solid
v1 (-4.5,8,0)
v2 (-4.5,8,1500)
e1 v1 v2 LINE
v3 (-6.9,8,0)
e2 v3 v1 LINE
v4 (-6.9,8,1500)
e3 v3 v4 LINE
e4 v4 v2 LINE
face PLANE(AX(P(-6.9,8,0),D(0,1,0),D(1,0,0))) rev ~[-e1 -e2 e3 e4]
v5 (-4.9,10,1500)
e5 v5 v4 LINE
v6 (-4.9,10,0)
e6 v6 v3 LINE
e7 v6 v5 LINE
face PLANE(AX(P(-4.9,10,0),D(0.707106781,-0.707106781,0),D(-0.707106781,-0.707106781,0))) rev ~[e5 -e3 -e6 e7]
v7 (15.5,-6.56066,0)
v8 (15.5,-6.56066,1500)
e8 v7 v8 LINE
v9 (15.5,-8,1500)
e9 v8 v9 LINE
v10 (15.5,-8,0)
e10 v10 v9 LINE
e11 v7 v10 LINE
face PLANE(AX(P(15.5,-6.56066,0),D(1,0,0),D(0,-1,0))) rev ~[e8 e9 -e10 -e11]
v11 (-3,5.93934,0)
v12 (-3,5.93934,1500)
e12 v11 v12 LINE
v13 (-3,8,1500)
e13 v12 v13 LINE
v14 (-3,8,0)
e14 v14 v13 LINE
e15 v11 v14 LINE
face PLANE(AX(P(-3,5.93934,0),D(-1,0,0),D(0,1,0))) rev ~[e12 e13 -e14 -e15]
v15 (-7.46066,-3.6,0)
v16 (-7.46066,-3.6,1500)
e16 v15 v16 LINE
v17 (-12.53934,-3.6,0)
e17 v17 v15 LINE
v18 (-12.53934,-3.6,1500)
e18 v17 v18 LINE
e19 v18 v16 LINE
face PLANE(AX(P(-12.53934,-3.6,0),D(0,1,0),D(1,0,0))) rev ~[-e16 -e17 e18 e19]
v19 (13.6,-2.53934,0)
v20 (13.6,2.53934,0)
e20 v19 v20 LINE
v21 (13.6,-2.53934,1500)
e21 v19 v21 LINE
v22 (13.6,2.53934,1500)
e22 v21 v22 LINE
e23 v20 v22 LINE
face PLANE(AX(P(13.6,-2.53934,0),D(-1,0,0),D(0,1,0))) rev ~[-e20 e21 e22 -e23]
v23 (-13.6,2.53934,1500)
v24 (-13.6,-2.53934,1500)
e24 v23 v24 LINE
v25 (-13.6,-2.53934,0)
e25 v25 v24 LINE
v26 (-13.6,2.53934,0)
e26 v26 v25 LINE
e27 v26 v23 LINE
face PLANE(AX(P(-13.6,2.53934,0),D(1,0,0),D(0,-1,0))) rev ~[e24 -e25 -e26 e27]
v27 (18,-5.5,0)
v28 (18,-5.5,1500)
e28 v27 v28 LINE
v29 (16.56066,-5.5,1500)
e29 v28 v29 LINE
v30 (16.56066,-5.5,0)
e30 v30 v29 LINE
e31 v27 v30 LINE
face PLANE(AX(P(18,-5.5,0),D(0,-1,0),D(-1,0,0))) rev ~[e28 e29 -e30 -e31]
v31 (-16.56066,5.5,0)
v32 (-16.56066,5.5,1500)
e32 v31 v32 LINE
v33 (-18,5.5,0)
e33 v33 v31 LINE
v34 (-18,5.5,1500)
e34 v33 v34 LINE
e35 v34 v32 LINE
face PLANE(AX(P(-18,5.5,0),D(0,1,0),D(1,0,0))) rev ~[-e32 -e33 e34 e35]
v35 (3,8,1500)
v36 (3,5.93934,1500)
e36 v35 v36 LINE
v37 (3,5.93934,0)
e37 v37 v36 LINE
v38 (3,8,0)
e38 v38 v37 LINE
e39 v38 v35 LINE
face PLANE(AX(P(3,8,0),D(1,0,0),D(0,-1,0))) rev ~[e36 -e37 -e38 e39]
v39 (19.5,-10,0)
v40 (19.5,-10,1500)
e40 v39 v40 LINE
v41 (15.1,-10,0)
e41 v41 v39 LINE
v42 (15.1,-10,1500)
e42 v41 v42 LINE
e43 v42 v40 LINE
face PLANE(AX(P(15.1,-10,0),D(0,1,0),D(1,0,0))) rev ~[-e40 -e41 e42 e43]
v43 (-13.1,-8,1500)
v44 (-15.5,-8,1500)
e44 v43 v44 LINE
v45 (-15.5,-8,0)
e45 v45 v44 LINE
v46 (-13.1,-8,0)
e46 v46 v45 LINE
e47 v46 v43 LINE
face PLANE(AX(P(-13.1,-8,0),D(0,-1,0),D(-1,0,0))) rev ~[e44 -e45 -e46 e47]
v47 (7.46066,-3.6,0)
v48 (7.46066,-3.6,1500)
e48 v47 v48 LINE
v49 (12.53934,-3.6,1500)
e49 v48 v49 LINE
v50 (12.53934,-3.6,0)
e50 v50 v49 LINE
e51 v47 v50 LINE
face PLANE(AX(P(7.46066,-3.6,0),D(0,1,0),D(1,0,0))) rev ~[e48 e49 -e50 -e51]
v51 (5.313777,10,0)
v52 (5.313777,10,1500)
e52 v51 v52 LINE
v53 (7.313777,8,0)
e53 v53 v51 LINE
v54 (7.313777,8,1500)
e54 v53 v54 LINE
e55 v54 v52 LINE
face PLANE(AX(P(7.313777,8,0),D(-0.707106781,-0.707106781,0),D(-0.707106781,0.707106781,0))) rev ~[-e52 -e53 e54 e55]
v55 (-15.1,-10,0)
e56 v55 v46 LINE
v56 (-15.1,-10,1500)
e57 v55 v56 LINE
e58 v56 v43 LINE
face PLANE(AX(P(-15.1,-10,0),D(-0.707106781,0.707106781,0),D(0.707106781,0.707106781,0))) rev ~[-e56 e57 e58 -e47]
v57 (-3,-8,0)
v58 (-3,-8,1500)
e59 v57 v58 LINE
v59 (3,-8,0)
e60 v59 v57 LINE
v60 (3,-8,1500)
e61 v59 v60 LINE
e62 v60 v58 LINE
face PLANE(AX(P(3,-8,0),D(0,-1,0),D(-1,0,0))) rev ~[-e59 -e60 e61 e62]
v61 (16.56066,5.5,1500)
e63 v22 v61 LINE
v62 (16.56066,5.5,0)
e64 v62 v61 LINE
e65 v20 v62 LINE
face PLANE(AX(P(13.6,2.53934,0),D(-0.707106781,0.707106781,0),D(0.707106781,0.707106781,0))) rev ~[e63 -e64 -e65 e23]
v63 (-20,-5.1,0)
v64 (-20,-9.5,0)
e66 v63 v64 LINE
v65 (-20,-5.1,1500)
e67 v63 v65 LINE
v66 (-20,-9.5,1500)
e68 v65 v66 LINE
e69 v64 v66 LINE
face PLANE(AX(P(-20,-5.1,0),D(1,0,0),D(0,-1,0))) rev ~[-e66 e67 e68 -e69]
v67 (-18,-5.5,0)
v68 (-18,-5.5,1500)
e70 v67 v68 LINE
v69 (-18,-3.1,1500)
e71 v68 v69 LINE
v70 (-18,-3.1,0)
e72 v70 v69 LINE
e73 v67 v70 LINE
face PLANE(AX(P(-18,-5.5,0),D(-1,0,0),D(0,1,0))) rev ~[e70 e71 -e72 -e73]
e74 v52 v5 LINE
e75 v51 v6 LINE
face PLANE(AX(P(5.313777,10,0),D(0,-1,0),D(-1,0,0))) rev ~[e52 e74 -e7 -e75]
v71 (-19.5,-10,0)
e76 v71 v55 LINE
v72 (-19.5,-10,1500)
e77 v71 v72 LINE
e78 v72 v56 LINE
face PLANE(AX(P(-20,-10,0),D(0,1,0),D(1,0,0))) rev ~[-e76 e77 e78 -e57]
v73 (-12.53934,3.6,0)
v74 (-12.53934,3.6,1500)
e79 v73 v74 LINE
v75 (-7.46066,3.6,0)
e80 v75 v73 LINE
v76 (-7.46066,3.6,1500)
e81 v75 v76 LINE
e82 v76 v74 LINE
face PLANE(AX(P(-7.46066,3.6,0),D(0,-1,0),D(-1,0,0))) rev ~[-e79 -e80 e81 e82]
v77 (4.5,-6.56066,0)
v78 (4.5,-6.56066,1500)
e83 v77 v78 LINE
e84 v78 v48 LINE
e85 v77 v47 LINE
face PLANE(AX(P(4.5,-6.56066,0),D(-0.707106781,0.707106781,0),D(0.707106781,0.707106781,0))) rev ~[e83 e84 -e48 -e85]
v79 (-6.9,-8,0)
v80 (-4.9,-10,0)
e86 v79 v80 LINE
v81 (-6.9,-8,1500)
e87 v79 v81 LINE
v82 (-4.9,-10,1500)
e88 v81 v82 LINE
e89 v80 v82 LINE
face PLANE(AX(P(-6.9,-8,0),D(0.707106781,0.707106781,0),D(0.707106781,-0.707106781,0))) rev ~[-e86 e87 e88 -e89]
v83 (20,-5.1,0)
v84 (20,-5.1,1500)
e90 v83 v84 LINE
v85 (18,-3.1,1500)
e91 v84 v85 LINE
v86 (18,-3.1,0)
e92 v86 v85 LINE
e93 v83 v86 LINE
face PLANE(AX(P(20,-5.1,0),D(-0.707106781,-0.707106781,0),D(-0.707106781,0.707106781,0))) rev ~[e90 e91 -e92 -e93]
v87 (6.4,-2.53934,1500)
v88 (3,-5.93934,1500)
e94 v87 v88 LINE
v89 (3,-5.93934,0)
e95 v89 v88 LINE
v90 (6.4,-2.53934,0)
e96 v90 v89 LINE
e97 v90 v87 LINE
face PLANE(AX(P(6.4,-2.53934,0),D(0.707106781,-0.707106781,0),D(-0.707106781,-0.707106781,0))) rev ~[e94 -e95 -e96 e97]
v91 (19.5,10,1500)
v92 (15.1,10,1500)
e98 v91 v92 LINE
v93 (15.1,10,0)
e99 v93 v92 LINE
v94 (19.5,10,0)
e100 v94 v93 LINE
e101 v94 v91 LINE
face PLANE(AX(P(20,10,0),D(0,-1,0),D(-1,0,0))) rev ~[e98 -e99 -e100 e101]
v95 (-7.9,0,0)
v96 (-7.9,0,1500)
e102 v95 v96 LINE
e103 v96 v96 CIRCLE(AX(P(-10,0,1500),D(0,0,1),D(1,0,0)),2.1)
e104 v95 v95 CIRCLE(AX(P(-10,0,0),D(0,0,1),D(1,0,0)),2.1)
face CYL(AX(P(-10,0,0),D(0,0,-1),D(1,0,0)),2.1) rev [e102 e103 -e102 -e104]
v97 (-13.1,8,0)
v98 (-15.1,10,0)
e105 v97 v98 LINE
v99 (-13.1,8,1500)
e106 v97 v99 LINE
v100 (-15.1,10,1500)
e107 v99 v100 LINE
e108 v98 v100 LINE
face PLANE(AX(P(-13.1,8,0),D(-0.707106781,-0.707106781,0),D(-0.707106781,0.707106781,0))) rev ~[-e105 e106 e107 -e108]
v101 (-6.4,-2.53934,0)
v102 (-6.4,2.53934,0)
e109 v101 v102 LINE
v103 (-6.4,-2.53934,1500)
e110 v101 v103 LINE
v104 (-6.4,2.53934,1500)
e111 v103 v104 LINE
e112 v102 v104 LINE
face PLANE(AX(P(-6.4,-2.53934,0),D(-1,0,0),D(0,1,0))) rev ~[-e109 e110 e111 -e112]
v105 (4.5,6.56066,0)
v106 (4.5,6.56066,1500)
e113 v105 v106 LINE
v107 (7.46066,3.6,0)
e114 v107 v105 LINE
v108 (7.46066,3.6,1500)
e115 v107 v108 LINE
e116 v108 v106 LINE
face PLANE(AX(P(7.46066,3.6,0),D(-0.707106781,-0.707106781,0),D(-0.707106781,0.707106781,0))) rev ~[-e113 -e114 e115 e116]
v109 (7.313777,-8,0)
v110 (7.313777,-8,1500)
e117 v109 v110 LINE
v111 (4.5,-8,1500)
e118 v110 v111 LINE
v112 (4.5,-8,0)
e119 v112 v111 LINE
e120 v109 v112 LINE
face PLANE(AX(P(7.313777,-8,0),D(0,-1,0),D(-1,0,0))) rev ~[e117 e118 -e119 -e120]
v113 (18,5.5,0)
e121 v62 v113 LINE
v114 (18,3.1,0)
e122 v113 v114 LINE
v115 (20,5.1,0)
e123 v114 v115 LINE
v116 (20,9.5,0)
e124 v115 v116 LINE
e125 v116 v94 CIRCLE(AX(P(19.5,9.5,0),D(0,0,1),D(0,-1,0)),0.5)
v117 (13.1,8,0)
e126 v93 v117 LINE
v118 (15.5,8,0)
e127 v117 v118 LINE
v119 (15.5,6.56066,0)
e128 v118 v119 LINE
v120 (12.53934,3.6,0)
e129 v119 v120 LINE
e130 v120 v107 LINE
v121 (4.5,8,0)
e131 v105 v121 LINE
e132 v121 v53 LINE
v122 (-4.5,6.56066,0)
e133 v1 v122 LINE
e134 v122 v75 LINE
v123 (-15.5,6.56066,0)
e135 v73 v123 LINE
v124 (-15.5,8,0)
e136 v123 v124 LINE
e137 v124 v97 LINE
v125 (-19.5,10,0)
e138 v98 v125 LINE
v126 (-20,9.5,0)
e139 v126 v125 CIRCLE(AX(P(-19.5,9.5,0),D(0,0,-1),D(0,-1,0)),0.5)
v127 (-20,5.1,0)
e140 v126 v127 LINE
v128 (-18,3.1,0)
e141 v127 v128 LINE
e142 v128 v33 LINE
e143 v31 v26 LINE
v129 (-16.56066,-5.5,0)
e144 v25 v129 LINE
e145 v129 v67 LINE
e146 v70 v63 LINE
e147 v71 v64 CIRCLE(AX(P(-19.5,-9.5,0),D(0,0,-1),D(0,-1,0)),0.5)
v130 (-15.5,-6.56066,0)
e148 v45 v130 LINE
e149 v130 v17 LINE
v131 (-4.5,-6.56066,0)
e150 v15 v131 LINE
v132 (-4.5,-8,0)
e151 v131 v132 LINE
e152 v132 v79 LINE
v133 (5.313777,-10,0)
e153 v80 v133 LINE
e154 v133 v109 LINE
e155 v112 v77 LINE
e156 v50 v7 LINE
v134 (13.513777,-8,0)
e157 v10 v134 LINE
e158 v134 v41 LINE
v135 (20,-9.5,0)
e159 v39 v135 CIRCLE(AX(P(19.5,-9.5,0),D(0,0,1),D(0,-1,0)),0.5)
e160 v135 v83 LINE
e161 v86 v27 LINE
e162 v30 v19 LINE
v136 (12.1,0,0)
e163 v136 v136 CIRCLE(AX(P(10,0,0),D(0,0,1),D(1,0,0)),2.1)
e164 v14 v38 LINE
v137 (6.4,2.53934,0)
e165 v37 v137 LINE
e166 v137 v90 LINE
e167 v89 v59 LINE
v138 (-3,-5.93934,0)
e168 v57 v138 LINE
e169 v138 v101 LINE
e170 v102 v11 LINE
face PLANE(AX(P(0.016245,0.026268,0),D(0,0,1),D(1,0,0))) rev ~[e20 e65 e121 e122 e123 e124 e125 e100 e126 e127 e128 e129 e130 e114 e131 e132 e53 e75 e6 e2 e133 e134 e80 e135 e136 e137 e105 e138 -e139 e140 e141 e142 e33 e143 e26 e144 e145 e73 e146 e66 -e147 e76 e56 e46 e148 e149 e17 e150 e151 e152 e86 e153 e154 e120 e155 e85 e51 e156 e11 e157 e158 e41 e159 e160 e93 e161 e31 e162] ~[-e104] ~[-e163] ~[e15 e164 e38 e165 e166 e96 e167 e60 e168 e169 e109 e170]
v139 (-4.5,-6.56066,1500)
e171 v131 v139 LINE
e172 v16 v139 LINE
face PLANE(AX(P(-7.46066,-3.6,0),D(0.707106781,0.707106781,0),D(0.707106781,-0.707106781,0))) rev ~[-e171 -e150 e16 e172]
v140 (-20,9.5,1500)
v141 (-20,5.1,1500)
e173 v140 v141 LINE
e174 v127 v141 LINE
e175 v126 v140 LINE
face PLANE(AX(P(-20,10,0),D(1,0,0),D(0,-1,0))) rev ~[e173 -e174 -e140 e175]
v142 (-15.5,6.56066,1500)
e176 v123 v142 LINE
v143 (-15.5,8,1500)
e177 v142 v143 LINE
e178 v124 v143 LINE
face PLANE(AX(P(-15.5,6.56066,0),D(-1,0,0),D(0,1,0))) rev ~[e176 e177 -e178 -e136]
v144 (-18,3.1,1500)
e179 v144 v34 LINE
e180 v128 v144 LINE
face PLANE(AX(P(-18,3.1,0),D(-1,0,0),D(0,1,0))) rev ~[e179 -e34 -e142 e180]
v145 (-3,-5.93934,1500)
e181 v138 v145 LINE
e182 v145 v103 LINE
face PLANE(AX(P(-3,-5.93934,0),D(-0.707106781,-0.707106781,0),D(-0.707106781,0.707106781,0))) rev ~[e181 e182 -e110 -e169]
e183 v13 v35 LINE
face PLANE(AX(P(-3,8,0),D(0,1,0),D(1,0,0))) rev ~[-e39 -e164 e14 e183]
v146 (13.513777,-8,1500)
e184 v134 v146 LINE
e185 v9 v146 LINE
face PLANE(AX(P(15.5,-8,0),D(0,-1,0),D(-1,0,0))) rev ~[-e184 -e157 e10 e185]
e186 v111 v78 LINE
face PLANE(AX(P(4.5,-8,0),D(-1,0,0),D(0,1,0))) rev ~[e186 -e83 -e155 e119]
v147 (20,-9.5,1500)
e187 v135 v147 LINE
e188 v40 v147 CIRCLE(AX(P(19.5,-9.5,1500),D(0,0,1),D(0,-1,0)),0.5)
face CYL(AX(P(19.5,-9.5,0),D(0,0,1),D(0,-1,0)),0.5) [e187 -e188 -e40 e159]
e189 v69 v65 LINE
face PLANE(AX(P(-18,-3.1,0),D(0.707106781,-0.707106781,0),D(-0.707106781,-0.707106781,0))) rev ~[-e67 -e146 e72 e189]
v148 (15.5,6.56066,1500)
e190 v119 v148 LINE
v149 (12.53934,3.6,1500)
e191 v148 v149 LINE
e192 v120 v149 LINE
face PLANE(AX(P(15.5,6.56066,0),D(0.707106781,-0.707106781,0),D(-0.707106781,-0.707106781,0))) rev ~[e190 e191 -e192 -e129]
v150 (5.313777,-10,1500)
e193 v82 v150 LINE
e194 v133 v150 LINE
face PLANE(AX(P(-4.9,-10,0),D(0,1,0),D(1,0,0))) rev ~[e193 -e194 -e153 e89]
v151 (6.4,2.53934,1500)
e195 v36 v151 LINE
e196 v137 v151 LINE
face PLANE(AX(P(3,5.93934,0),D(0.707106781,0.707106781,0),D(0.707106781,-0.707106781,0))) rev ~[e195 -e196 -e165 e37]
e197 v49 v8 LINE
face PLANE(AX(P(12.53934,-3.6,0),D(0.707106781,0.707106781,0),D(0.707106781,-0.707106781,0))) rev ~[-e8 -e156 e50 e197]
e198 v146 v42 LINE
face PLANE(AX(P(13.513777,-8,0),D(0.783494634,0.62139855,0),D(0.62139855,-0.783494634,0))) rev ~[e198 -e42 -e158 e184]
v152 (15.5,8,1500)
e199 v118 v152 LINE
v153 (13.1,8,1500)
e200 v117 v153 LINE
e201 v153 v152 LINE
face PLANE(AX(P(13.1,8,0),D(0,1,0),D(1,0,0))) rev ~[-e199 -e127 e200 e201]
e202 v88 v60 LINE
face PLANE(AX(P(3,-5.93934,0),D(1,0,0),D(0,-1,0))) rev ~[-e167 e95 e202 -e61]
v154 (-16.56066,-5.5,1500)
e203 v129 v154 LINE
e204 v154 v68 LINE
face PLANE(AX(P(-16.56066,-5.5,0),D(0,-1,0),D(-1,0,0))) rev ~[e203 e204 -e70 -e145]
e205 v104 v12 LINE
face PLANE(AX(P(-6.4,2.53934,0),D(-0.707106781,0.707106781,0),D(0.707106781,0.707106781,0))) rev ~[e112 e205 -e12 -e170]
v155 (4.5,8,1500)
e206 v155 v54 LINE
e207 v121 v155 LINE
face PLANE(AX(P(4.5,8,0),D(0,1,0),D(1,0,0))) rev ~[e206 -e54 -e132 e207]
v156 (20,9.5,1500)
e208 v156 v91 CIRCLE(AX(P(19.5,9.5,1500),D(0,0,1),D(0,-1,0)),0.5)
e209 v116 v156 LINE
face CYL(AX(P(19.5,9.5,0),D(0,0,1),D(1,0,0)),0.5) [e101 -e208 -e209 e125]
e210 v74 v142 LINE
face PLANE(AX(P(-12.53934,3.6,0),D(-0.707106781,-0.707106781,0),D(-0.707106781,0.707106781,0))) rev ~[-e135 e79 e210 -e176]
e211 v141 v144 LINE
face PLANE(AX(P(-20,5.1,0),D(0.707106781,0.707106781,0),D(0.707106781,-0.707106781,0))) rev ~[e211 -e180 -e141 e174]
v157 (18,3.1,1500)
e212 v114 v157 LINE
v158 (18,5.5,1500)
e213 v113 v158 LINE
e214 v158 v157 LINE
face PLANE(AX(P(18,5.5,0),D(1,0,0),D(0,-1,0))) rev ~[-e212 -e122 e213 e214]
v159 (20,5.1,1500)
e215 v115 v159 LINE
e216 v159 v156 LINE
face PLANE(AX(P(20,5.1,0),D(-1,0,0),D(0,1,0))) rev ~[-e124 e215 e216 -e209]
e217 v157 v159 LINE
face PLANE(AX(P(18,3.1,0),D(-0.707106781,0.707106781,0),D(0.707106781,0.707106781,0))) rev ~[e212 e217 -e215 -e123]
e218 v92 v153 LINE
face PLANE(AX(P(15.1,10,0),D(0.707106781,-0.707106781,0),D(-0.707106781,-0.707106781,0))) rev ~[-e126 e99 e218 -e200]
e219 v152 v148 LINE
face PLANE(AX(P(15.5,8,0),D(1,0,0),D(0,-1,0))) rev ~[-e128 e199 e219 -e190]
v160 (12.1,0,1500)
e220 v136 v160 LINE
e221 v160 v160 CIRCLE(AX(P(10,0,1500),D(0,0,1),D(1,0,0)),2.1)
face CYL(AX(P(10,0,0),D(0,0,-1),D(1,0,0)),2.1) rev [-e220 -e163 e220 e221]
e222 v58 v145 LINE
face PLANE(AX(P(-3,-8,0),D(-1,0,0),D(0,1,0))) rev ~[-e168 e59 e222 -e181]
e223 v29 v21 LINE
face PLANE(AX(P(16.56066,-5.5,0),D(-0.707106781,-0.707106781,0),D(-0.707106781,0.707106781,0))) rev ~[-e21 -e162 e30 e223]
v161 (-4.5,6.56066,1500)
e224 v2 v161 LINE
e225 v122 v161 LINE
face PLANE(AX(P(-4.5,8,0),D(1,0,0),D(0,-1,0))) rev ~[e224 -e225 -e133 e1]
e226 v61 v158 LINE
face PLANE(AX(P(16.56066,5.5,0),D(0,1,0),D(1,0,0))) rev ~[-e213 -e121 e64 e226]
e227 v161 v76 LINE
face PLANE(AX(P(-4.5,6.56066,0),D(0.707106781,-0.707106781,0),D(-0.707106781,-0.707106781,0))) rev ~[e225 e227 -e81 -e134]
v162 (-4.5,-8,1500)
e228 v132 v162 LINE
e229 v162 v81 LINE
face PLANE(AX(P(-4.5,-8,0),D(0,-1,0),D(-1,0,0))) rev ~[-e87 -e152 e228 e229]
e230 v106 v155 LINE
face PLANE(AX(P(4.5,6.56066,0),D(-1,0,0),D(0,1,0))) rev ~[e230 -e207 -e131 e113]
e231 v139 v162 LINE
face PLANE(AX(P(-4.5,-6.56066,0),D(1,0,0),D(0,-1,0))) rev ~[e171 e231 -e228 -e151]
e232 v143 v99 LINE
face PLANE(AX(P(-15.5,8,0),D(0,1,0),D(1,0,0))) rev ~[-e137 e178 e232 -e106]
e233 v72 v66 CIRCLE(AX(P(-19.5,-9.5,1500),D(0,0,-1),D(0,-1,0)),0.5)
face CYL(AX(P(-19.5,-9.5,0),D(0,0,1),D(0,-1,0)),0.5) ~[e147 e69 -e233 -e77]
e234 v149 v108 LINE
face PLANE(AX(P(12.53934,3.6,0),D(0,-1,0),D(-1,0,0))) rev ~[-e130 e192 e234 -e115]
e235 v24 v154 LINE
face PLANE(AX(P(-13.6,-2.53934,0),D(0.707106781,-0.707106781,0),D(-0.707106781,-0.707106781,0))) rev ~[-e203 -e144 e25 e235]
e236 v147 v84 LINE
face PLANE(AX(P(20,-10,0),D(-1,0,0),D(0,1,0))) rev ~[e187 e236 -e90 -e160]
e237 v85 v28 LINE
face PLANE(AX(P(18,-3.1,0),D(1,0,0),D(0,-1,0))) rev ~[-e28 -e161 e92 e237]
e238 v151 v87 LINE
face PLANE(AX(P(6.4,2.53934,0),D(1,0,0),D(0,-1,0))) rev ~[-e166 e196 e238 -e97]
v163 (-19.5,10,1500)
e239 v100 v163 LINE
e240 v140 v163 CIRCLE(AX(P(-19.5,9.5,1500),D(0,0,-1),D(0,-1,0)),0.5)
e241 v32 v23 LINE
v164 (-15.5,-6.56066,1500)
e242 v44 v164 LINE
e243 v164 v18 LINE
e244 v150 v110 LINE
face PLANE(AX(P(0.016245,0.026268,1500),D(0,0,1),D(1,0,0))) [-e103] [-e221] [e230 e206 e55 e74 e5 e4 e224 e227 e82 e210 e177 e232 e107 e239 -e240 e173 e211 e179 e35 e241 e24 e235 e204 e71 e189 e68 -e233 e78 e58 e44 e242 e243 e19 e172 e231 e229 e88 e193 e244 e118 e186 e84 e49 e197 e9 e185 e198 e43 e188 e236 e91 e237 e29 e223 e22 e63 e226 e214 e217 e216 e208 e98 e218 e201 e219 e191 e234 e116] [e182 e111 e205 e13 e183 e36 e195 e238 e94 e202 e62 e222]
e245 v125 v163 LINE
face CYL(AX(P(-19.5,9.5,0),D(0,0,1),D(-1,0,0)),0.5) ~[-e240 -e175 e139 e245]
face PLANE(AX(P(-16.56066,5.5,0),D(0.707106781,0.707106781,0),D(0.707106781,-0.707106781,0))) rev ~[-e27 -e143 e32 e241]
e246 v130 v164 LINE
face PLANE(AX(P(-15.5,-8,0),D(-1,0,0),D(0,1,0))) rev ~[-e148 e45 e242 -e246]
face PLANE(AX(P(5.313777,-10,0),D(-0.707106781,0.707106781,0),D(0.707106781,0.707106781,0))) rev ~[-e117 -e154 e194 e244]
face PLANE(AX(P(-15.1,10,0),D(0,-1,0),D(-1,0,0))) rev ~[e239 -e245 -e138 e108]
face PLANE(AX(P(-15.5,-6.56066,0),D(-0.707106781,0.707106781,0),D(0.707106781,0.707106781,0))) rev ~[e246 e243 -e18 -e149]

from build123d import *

# Parameters (mm, degrees)
SKETCH1_R           = 2.1
BOSS_EXTRUDE1_DEPTH = 1500
FILLET1_R           = 0.5


with BuildPart() as part:
    # Sketch1 → Boss-Extrude1 (new body)
    with BuildSketch(Plane.XY):
        Polygon((-20, -10), (-15.5, -10), (-15.1, -10), (-13.1, -8), (-15.5, -8), (-15.5, -6.560660172), (-12.539339828, -3.6), (-7.460660172, -3.6), (-4.5, -6.560660172), (-4.5, -8), (-6.9, -8), (-4.9, -10), (5.313777138, -10), (7.313777138, -8), (4.5, -8), (4.5, -6.560660172), (7.460660172, -3.6), (12.539339828, -3.6), (15.5, -6.560660172), (15.5, -8), (13.513777138, -8), (15.1, -10), (15.5, -10), (20, -10), (20, -5.5), (20, -5.1), (18, -3.1), (18, -5.5), (16.560660172, -5.5), (13.6, -2.539339828), (13.6, 2.539339828), (16.560660172, 5.5), (18, 5.5), (18, 3.1), (20, 5.1), (20, 5.5), (20, 10), (15.5, 10), (15.1, 10), (13.1, 8), (15.5, 8), (15.5, 6.560660172), (12.539339828, 3.6), (7.460660172, 3.6), (4.5, 6.560660172), (4.5, 8), (7.313777138, 8), (5.313777138, 10), (-4.9, 10), (-6.9, 8), (-4.5, 8), (-4.5, 6.560660172), (-7.460660172, 3.6), (-12.539339828, 3.6), (-15.5, 6.560660172), (-15.5, 8), (-13.1, 8), (-15.1, 10), (-15.5, 10), (-20, 10), (-20, 5.5), (-20, 5.1), (-18, 3.1), (-18, 5.5), (-16.560660172, 5.5), (-13.6, 2.539339828), (-13.6, -2.539339828), (-16.560660172, -5.5), (-18, -5.5), (-18, -3.1), (-20, -5.1), (-20, -5.5), align=None)
        with Locations((-10, 0)):
            Circle(SKETCH1_R, mode=Mode.SUBTRACT)
        with Locations((10, 0)):
            Circle(SKETCH1_R, mode=Mode.SUBTRACT)
        Polygon((3, -5.939339828), (3, -8), (-3, -8), (-3, -5.939339828), (-6.4, -2.539339828), (-6.4, 2.539339828), (-3, 5.939339828), (-3, 8), (3, 8), (3, 5.939339828), (6.4, 2.539339828), (6.4, -2.539339828), align=None, mode=Mode.SUBTRACT)
    extrude(amount=BOSS_EXTRUDE1_DEPTH)

    # Fillet1
    fillet1_edges = [part.edges().sort_by_distance(p)[0] for p in [
        (-20, 10, 750),
        (20, 10, 750),
        (20, -10, 750),
        (-20, -10, 750),
    ]]
    fillet(fillet1_edges, radius=FILLET1_R)


solid = part.part
